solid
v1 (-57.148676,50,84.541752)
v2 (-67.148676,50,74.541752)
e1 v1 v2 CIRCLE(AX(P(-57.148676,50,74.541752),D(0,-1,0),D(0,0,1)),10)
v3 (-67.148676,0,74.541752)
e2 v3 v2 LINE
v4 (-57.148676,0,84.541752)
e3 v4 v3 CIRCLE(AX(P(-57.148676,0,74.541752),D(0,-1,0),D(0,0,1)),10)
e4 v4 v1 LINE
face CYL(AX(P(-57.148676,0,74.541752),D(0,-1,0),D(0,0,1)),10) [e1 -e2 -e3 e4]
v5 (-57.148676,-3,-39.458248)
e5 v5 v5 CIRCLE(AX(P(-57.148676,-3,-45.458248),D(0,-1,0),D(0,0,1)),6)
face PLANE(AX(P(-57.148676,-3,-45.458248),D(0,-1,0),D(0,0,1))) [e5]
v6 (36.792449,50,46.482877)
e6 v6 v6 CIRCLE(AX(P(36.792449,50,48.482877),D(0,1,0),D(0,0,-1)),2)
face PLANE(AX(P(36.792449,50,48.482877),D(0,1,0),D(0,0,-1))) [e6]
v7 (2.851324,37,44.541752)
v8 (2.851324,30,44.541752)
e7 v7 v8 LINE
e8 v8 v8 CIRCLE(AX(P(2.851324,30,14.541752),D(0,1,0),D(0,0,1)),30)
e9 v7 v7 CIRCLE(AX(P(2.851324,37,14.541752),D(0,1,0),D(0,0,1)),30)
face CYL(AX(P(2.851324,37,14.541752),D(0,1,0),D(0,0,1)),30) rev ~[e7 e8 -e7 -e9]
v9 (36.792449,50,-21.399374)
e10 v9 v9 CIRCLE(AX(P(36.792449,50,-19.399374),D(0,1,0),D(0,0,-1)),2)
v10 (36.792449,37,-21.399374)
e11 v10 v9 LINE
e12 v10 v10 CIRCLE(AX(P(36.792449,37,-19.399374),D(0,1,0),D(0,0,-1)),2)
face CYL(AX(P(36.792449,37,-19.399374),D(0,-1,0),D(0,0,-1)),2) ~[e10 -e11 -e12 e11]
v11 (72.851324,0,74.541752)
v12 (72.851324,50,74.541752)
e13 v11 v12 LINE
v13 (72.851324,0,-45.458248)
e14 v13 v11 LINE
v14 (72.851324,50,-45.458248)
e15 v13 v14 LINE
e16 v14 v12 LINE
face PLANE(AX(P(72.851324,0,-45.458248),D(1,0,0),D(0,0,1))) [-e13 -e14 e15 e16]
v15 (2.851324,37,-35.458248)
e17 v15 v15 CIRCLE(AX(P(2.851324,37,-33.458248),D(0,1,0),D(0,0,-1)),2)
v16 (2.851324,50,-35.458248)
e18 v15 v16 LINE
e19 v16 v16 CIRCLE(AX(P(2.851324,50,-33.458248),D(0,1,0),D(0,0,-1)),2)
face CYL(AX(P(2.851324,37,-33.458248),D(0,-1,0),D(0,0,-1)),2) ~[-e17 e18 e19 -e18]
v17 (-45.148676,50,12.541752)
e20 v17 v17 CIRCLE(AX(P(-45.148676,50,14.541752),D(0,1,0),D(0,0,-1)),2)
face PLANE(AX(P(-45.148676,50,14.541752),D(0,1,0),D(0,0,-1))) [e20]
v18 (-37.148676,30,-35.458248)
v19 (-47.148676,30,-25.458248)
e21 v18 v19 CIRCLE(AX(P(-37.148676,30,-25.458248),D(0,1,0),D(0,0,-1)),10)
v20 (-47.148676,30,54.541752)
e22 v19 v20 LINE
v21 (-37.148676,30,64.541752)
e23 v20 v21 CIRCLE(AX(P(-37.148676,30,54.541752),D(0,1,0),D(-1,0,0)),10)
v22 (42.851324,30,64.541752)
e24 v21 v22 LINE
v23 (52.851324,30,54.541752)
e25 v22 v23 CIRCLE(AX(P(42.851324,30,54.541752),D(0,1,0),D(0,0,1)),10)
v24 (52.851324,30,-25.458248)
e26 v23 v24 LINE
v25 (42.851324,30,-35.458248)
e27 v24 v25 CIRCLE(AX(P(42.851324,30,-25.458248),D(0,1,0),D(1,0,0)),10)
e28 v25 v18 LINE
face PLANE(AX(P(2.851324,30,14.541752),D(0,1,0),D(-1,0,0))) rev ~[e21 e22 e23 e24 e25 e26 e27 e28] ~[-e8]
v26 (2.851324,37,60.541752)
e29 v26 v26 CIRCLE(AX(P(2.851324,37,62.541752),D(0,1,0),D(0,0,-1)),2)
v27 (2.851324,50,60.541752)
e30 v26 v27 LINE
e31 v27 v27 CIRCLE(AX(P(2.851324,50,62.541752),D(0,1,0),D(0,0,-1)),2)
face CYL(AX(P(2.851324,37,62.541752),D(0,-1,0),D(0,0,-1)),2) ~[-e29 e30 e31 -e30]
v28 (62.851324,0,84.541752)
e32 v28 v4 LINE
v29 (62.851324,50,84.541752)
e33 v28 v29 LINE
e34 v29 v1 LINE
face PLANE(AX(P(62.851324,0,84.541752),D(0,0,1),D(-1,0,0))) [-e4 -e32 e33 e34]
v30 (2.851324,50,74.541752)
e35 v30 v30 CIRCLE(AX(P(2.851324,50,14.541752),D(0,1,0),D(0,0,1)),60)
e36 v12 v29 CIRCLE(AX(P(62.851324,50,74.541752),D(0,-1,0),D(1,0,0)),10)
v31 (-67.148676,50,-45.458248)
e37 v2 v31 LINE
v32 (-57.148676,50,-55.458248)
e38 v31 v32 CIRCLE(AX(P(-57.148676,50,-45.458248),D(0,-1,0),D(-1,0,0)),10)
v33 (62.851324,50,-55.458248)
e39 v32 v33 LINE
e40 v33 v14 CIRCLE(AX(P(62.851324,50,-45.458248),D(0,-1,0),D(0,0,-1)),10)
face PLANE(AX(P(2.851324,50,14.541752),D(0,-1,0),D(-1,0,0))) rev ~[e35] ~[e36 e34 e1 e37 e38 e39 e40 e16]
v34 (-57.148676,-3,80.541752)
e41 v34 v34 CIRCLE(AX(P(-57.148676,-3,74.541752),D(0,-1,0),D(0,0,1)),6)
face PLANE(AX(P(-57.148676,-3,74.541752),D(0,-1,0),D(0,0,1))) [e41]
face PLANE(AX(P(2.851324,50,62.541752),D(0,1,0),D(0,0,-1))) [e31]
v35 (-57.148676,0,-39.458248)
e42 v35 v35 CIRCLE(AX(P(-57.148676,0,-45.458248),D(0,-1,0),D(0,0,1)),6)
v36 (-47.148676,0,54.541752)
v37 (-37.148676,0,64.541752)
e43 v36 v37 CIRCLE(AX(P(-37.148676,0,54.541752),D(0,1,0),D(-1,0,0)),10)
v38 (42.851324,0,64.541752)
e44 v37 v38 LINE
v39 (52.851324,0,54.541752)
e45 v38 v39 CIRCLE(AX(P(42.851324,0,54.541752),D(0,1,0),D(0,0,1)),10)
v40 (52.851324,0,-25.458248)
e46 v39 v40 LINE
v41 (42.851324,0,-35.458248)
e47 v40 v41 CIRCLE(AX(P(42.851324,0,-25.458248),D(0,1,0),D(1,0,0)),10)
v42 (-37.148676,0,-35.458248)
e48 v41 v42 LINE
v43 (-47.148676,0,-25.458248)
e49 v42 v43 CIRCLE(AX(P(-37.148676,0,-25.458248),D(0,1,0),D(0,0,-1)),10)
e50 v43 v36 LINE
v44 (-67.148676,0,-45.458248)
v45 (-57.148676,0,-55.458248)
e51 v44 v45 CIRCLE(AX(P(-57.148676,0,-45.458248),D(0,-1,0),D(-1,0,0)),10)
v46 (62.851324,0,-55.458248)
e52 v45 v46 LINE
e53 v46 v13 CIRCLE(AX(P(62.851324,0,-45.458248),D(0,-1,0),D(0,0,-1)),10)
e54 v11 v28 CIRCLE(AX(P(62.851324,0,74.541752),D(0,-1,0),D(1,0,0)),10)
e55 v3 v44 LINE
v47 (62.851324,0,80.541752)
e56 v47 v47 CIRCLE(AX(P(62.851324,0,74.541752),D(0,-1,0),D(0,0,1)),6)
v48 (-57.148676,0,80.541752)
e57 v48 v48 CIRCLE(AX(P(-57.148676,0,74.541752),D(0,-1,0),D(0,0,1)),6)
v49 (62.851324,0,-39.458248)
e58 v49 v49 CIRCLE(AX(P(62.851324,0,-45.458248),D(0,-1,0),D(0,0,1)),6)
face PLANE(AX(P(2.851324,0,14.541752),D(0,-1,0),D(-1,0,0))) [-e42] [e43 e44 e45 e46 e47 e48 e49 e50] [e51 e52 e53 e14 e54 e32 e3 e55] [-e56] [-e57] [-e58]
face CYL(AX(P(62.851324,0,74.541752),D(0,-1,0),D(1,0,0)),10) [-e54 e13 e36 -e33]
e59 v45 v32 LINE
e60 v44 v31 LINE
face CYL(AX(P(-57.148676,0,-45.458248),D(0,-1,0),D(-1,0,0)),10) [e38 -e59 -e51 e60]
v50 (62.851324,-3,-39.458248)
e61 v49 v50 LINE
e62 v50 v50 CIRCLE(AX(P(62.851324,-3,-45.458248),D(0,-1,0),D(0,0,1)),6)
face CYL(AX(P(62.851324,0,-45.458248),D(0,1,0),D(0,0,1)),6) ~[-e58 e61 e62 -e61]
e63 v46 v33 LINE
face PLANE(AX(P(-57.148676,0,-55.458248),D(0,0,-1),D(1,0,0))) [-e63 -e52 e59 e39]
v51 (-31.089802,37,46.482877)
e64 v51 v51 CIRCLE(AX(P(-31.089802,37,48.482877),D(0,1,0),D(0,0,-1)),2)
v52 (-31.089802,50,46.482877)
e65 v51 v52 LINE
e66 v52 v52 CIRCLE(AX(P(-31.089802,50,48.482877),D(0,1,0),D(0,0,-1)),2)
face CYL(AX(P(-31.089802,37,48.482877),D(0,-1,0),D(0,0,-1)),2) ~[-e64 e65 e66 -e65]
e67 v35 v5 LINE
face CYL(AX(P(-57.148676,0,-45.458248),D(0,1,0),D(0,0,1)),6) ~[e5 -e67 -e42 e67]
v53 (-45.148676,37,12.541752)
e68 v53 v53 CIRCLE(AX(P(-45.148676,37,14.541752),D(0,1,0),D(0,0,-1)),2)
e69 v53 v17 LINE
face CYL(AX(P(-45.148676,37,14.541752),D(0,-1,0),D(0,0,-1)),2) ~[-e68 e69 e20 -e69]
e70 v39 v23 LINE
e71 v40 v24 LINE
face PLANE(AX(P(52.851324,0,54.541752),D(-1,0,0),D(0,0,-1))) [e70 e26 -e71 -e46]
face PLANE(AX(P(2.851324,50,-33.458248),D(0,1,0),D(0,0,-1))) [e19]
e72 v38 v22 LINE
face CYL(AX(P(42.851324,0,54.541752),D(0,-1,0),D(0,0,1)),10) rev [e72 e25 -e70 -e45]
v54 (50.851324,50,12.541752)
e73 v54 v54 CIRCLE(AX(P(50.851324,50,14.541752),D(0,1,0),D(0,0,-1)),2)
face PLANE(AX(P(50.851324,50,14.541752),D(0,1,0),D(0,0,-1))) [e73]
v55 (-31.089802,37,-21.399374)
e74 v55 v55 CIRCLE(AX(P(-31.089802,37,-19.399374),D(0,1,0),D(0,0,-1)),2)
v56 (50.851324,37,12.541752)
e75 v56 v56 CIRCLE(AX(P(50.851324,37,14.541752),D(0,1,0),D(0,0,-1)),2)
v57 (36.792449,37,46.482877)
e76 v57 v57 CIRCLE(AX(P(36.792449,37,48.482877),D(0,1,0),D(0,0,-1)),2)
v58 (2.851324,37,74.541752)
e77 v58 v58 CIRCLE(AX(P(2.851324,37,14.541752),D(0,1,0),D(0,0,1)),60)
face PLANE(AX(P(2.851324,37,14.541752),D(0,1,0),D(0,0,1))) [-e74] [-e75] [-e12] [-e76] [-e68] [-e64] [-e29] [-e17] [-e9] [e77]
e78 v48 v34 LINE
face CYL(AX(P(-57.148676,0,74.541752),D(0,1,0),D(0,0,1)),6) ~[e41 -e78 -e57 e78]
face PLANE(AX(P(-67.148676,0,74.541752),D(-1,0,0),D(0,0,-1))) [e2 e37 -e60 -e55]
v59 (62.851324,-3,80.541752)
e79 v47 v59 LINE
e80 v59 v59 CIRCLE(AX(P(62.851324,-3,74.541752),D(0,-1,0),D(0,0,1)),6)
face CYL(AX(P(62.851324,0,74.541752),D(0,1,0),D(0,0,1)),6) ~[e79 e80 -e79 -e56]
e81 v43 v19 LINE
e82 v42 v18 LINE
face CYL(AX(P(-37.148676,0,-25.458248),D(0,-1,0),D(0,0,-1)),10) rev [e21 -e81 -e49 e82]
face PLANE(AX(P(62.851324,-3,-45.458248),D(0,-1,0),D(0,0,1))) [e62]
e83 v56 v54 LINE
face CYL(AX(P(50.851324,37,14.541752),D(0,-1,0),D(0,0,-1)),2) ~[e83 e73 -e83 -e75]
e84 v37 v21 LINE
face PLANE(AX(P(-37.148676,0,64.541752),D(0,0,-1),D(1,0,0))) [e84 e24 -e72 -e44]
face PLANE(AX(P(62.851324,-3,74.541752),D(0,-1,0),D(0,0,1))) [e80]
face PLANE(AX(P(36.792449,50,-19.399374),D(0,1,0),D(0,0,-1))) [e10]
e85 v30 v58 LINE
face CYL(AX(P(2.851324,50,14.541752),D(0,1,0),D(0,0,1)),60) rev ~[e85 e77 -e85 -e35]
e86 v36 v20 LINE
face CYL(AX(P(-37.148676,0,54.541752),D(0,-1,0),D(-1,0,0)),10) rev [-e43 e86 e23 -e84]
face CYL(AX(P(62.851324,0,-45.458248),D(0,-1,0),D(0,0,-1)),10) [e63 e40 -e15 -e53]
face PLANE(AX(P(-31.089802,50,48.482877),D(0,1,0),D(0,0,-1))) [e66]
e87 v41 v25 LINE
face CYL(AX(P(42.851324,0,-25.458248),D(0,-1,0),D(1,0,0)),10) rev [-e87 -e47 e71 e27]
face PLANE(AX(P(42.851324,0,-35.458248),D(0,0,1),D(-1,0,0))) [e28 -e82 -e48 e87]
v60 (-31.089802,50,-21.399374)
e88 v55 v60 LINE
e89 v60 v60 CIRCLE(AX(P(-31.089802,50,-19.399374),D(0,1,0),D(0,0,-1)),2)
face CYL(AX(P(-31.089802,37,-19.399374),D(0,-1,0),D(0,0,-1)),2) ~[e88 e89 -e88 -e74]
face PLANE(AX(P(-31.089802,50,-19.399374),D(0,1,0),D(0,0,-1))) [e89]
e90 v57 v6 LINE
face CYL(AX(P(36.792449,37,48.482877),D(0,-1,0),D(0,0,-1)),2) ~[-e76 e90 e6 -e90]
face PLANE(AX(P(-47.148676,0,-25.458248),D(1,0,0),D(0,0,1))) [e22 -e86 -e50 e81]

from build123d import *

# Parameters (mm, degrees)
BOSS_EXTRUDE1_DEPTH = 50
SKETCH2_R           = 60
CUT_EXTRUDE1_DEPTH  = 13
SKETCH3_R           = 10
CUT_EXTRUDE2_DEPTH  = 50
SKETCH4_R           = 2
BOSS_EXTRUDE2_DEPTH = 13
CUT_EXTRUDE3_DEPTH  = 30
SKETCH6_R           = 6
BOSS_EXTRUDE4_DEPTH = 3
SKETCH7_R           = 30
CUT_EXTRUDE4_DEPTH  = 40


with BuildPart() as part:
    # Sketch1 → Boss-Extrude1 (new body)
    with BuildSketch(Plane(origin=(0, 0, 0), x_dir=(1, 0, 0), z_dir=(0, 1, 0))):
        with BuildLine():
            Line((-57.148676171, 55.458248473), (62.851323829, 55.458248473))
            ThreePointArc((62.851323829, 55.458248473), (69.922391641, 52.529316284), (72.851323829, 45.458248473))
            Line((72.851323829, 45.458248473), (72.851323829, -74.541751527))
            ThreePointArc((72.851323829, -74.541751527), (69.922391641, -81.612819339), (62.851323829, -84.541751527))
            Line((62.851323829, -84.541751527), (-57.148676171, -84.541751527))
            ThreePointArc((-57.148676171, -84.541751527), (-64.219743983, -81.612819339), (-67.148676171, -74.541751527))
            Line((-67.148676171, -74.541751527), (-67.148676171, 45.458248473))
            ThreePointArc((-67.148676171, 45.458248473), (-64.219743983, 52.529316284), (-57.148676171, 55.458248473))
        make_face()
    extrude(amount=BOSS_EXTRUDE1_DEPTH)

    # Sketch2 → Cut-Extrude1 (cut)
    with BuildSketch(Plane(origin=(0, 50, 0), x_dir=(1, 0, 0), z_dir=(0, 1, 0))):
        with Locations(Location((2.851323829, -14.541751527, 0), (0, 0, 270))):
            Circle(SKETCH2_R)
    extrude(amount=-CUT_EXTRUDE1_DEPTH, mode=Mode.SUBTRACT)

    # Sketch3 → Cut-Extrude2 (cut)
    with BuildSketch(Plane(origin=(0, 37, 0), x_dir=(1, 0, 0), z_dir=(0, 1, 0))):
        with Locations(Location((2.851323829, -14.541751527, 0), (0, 0, 270))):
            Circle(SKETCH3_R)
    extrude(amount=-CUT_EXTRUDE2_DEPTH, mode=Mode.SUBTRACT)

    # Sketch4 → Boss-Extrude2 (add)
    with BuildSketch(Plane(origin=(0, 37, 0), x_dir=(1, 0, 0), z_dir=(0, 1, 0))):
        with Locations(Location((2.851323829, 33.458248473, 0), (0, 0, 90))):
            Circle(SKETCH4_R)
        with Locations(Location((36.792449326, 19.399373969, 0), (0, 0, 90))):
            Circle(SKETCH4_R)
        with Locations(Location((50.851323829, -14.541751527, 0), (0, 0, 90))):
            Circle(SKETCH4_R)
        with Locations(Location((36.792449326, -48.482877024, 0), (0, 0, 90))):
            Circle(SKETCH4_R)
        with Locations(Location((2.851323829, -62.541751527, 0), (0, 0, 90))):
            Circle(SKETCH4_R)
        with Locations(Location((-31.089801668, -48.482877024, 0), (0, 0, 90))):
            Circle(SKETCH4_R)
        with Locations(Location((-45.148676171, -14.541751527, 0), (0, 0, 90))):
            Circle(SKETCH4_R)
        with Locations(Location((-31.089801668, 19.399373969, 0), (0, 0, 90))):
            Circle(SKETCH4_R)
    extrude(amount=BOSS_EXTRUDE2_DEPTH)

    # Sketch5 → Cut-Extrude3 (cut)
    with BuildSketch(Plane.XZ):
        with BuildLine():
            Line((-37.148676171, 64.541751527), (42.851323829, 64.541751527))
            ThreePointArc((42.851323829, 64.541751527), (49.922391641, 61.612819339), (52.851323829, 54.541751527))
            Line((52.851323829, 54.541751527), (52.851323829, -25.458248473))
            ThreePointArc((52.851323829, -25.458248473), (49.922391641, -32.529316284), (42.851323829, -35.458248473))
            Line((42.851323829, -35.458248473), (-37.148676171, -35.458248473))
            ThreePointArc((-37.148676171, -35.458248473), (-44.219743983, -32.529316284), (-47.148676171, -25.458248473))
            Line((-47.148676171, -25.458248473), (-47.148676171, 54.541751527))
            ThreePointArc((-47.148676171, 54.541751527), (-44.219743983, 61.612819339), (-37.148676171, 64.541751527))
        make_face()
    extrude(amount=-CUT_EXTRUDE3_DEPTH, mode=Mode.SUBTRACT)

    # Sketch6 → Boss-Extrude4 (add)
    with BuildSketch(Plane.XZ):
        with Locations(Location((-57.148676171, 74.541751527, 0), (0, 0, 90))):
            Circle(SKETCH6_R)
        with Locations(Location((62.851323829, 74.541751527, 0), (0, 0, 90))):
            Circle(SKETCH6_R)
        with Locations(Location((62.851323829, -45.458248473, 0), (0, 0, 90))):
            Circle(SKETCH6_R)
        with Locations(Location((-57.148676171, -45.458248473, 0), (0, 0, 90))):
            Circle(SKETCH6_R)
    extrude(amount=BOSS_EXTRUDE4_DEPTH)

    # Sketch7 → Cut-Extrude4 (cut)
    with BuildSketch(Plane(origin=(0, 37, 0), x_dir=(1, 0, 0), z_dir=(0, 1, 0))):
        with Locations(Location((2.851323829, -14.541751527, 0), (0, 0, 270))):
            Circle(SKETCH7_R)
    extrude(amount=-CUT_EXTRUDE4_DEPTH, mode=Mode.SUBTRACT)


solid = part.part
